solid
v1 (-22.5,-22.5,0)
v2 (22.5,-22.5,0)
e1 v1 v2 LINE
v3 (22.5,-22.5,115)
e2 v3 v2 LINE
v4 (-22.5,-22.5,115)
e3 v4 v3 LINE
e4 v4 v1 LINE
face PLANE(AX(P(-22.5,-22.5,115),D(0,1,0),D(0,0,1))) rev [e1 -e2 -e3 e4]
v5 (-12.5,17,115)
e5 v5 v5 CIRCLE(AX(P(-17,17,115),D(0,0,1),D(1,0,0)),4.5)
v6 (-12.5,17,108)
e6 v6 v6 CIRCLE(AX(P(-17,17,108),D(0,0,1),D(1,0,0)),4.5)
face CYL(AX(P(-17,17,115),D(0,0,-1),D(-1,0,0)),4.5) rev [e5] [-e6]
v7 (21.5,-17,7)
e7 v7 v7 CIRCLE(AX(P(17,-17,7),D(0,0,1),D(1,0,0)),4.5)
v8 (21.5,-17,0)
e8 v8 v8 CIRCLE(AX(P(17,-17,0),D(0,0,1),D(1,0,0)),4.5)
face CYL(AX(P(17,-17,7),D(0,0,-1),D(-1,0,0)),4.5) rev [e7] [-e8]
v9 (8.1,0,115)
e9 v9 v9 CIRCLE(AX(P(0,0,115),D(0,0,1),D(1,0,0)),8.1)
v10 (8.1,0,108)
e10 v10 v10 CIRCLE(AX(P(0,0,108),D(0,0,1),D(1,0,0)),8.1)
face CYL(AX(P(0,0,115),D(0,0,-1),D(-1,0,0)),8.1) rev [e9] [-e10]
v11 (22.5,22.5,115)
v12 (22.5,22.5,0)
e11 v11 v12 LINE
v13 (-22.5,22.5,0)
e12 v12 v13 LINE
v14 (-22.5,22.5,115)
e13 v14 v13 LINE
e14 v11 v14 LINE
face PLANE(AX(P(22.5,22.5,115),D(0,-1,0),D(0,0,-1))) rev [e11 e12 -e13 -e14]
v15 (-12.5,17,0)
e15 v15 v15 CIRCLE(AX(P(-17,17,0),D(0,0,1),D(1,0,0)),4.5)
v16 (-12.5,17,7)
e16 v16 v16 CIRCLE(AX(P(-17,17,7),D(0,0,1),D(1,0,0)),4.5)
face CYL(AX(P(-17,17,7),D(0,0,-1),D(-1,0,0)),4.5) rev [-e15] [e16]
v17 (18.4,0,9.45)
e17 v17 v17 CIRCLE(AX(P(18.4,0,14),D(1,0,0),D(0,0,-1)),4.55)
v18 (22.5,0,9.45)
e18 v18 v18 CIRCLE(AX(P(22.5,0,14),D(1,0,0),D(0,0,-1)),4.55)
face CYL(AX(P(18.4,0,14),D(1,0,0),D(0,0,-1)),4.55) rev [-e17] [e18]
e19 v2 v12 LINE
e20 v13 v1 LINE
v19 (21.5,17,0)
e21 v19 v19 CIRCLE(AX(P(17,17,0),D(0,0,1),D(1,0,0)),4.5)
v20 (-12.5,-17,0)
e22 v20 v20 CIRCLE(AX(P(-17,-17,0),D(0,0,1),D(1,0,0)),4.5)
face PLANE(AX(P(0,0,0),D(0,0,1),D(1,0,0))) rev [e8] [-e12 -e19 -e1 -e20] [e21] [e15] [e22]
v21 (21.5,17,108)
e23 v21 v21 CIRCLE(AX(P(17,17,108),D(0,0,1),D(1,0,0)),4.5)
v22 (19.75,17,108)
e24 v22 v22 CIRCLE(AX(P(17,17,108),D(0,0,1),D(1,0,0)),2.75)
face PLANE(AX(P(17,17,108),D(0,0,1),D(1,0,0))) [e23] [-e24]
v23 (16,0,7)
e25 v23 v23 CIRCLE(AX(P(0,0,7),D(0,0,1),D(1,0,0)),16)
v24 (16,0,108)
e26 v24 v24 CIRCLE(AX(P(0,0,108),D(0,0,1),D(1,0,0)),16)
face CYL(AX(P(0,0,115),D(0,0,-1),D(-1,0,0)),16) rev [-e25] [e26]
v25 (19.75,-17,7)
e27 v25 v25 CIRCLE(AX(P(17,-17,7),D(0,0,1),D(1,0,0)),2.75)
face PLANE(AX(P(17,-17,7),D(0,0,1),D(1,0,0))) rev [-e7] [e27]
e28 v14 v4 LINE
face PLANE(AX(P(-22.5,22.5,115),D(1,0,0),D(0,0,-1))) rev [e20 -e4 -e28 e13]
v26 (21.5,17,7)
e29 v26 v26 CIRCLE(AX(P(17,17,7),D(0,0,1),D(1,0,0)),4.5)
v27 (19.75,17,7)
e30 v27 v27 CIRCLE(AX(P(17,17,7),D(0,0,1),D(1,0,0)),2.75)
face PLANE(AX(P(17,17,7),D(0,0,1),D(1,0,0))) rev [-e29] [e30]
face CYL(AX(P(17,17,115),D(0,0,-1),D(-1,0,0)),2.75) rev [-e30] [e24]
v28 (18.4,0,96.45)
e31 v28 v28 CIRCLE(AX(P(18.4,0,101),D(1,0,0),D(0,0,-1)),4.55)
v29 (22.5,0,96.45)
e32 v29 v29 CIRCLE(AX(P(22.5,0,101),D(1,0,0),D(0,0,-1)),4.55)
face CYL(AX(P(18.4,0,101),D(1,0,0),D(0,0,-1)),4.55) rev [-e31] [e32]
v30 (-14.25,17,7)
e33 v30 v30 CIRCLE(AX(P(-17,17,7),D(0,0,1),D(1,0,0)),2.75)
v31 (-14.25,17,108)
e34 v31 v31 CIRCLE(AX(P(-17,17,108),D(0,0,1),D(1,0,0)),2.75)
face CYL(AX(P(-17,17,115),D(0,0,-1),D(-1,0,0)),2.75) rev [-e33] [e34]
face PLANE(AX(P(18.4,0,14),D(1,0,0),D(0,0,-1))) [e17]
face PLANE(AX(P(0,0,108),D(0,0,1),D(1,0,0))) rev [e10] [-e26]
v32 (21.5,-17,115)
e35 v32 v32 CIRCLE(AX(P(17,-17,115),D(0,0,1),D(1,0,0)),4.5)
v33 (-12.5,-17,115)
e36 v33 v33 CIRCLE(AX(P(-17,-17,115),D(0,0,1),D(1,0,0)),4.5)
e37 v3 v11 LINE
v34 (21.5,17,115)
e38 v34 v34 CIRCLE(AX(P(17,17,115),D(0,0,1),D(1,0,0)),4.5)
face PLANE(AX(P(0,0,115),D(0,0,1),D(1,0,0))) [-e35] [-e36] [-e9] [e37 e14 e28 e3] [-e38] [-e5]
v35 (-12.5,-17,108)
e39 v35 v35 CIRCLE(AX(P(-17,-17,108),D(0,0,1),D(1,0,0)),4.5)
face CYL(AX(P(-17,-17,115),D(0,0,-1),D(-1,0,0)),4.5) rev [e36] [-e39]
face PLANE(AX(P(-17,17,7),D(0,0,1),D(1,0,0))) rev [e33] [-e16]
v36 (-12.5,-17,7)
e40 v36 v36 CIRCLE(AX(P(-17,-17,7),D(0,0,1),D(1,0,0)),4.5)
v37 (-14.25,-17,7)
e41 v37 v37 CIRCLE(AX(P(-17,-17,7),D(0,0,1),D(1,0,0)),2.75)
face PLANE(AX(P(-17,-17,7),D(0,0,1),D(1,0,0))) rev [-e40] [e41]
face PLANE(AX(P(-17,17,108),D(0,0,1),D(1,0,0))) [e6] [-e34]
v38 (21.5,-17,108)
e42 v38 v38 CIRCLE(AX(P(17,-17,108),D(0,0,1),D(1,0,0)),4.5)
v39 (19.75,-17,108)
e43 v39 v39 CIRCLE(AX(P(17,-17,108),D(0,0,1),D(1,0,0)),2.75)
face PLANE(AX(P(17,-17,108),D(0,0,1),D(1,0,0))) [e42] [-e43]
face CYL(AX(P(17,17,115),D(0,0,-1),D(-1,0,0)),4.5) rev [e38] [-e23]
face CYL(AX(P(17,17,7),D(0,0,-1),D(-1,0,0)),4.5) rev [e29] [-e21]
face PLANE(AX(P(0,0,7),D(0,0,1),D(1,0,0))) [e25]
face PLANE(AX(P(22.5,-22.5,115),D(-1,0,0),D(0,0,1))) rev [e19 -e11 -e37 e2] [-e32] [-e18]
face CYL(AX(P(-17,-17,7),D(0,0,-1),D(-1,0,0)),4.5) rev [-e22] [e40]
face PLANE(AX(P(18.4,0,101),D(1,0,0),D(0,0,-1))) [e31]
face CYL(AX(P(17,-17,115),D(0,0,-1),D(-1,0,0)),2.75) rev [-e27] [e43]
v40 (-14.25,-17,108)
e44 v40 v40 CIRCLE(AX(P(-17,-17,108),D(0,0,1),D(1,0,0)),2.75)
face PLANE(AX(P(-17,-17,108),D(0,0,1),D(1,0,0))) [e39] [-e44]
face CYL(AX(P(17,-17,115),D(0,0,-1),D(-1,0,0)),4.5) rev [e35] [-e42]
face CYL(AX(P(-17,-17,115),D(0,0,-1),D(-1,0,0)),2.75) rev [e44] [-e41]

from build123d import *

# Parameters (mm, degrees)
SKETCH1_W                                      = 45
SKETCH1_H                                      = 45
SKETCH1_R                                      = 2.75
SKETCH1_R_2                                    = 16
SMC_45_MM_SQUARE_BODY_AND_FOUR_5_5_MM_TH_DEPTH = 115
SKETCH2_R                                      = 16
HEAD_END_CLEARANCE_ENVELOPE_DEPTH              = 7
ROD_START                                      = 108
SKETCH3_R                                      = 16
SKETCH3_R_2                                    = 8.1
ROD_COVER_AND_16_MM_ROD_CLEARANCE_DEPTH        = 7
SKETCH4_R                                      = 4.5
REAR_BOLT_HEAD_COUNTERBORES_DEPTH              = 7
FRONT_START                                    = 108
SKETCH5_R                                      = 4.5
FRONT_MOUNTING_COUNTERBORES_DEPTH              = 7
TOP_START                                      = 22.5
SKETCH6_R                                      = 4.55
TOP_RC_1_8_PORT_CLEARANCE_FOR_LAYOUT_DEPTH     = 4.1


with BuildPart() as part:
    # Sketch1 → SMC 45 mm square body and four 5.5 mm through holes (new body)
    with BuildSketch(Plane.XY):
        Rectangle(SKETCH1_W, SKETCH1_H)
        with Locations((-17, -17)):
            Circle(SKETCH1_R, mode=Mode.SUBTRACT)
        with Locations((-17, 17)):
            Circle(SKETCH1_R, mode=Mode.SUBTRACT)
        with Locations((17, -17)):
            Circle(SKETCH1_R, mode=Mode.SUBTRACT)
        with Locations((17, 17)):
            Circle(SKETCH1_R, mode=Mode.SUBTRACT)
        Circle(SKETCH1_R_2, mode=Mode.SUBTRACT)
    extrude(amount=SMC_45_MM_SQUARE_BODY_AND_FOUR_5_5_MM_TH_DEPTH)

    # Sketch2 → Head end clearance envelope (add)
    with BuildSketch(Plane.XY):
        Circle(SKETCH2_R)
    extrude(amount=HEAD_END_CLEARANCE_ENVELOPE_DEPTH)

    # Sketch3 → Rod cover and 16 mm rod clearance (add)
    with BuildSketch(Plane.XY.offset(ROD_START)):
        Circle(SKETCH3_R)
        Circle(SKETCH3_R_2, mode=Mode.SUBTRACT)
    extrude(amount=ROD_COVER_AND_16_MM_ROD_CLEARANCE_DEPTH)

    # Sketch4 → Rear bolt head counterbores (cut)
    with BuildSketch(Plane.XY):
        with Locations((-17, -17)):
            Circle(SKETCH4_R)
        with Locations((-17, 17)):
            Circle(SKETCH4_R)
        with Locations((17, -17)):
            Circle(SKETCH4_R)
        with Locations((17, 17)):
            Circle(SKETCH4_R)
    extrude(amount=REAR_BOLT_HEAD_COUNTERBORES_DEPTH, mode=Mode.SUBTRACT)

    # Sketch5 → Front mounting counterbores (cut)
    with BuildSketch(Plane.XY.offset(FRONT_START)):
        with Locations((-17, -17)):
            Circle(SKETCH5_R)
        with Locations((-17, 17)):
            Circle(SKETCH5_R)
        with Locations((17, -17)):
            Circle(SKETCH5_R)
        with Locations((17, 17)):
            Circle(SKETCH5_R)
    extrude(amount=FRONT_MOUNTING_COUNTERBORES_DEPTH, mode=Mode.SUBTRACT)

    # Sketch6 → Top Rc 1/8 port clearance for layout (cut)
    with BuildSketch(Plane(origin=(0, 0, 0), x_dir=(0, 0, -1), z_dir=(1, 0, 0)).offset(TOP_START)):
        with Locations((-14, 0)):
            Circle(SKETCH6_R)
        with Locations((-101, 0)):
            Circle(SKETCH6_R)
    extrude(amount=-TOP_RC_1_8_PORT_CLEARANCE_FOR_LAYOUT_DEPTH, mode=Mode.SUBTRACT)


solid = part.part
